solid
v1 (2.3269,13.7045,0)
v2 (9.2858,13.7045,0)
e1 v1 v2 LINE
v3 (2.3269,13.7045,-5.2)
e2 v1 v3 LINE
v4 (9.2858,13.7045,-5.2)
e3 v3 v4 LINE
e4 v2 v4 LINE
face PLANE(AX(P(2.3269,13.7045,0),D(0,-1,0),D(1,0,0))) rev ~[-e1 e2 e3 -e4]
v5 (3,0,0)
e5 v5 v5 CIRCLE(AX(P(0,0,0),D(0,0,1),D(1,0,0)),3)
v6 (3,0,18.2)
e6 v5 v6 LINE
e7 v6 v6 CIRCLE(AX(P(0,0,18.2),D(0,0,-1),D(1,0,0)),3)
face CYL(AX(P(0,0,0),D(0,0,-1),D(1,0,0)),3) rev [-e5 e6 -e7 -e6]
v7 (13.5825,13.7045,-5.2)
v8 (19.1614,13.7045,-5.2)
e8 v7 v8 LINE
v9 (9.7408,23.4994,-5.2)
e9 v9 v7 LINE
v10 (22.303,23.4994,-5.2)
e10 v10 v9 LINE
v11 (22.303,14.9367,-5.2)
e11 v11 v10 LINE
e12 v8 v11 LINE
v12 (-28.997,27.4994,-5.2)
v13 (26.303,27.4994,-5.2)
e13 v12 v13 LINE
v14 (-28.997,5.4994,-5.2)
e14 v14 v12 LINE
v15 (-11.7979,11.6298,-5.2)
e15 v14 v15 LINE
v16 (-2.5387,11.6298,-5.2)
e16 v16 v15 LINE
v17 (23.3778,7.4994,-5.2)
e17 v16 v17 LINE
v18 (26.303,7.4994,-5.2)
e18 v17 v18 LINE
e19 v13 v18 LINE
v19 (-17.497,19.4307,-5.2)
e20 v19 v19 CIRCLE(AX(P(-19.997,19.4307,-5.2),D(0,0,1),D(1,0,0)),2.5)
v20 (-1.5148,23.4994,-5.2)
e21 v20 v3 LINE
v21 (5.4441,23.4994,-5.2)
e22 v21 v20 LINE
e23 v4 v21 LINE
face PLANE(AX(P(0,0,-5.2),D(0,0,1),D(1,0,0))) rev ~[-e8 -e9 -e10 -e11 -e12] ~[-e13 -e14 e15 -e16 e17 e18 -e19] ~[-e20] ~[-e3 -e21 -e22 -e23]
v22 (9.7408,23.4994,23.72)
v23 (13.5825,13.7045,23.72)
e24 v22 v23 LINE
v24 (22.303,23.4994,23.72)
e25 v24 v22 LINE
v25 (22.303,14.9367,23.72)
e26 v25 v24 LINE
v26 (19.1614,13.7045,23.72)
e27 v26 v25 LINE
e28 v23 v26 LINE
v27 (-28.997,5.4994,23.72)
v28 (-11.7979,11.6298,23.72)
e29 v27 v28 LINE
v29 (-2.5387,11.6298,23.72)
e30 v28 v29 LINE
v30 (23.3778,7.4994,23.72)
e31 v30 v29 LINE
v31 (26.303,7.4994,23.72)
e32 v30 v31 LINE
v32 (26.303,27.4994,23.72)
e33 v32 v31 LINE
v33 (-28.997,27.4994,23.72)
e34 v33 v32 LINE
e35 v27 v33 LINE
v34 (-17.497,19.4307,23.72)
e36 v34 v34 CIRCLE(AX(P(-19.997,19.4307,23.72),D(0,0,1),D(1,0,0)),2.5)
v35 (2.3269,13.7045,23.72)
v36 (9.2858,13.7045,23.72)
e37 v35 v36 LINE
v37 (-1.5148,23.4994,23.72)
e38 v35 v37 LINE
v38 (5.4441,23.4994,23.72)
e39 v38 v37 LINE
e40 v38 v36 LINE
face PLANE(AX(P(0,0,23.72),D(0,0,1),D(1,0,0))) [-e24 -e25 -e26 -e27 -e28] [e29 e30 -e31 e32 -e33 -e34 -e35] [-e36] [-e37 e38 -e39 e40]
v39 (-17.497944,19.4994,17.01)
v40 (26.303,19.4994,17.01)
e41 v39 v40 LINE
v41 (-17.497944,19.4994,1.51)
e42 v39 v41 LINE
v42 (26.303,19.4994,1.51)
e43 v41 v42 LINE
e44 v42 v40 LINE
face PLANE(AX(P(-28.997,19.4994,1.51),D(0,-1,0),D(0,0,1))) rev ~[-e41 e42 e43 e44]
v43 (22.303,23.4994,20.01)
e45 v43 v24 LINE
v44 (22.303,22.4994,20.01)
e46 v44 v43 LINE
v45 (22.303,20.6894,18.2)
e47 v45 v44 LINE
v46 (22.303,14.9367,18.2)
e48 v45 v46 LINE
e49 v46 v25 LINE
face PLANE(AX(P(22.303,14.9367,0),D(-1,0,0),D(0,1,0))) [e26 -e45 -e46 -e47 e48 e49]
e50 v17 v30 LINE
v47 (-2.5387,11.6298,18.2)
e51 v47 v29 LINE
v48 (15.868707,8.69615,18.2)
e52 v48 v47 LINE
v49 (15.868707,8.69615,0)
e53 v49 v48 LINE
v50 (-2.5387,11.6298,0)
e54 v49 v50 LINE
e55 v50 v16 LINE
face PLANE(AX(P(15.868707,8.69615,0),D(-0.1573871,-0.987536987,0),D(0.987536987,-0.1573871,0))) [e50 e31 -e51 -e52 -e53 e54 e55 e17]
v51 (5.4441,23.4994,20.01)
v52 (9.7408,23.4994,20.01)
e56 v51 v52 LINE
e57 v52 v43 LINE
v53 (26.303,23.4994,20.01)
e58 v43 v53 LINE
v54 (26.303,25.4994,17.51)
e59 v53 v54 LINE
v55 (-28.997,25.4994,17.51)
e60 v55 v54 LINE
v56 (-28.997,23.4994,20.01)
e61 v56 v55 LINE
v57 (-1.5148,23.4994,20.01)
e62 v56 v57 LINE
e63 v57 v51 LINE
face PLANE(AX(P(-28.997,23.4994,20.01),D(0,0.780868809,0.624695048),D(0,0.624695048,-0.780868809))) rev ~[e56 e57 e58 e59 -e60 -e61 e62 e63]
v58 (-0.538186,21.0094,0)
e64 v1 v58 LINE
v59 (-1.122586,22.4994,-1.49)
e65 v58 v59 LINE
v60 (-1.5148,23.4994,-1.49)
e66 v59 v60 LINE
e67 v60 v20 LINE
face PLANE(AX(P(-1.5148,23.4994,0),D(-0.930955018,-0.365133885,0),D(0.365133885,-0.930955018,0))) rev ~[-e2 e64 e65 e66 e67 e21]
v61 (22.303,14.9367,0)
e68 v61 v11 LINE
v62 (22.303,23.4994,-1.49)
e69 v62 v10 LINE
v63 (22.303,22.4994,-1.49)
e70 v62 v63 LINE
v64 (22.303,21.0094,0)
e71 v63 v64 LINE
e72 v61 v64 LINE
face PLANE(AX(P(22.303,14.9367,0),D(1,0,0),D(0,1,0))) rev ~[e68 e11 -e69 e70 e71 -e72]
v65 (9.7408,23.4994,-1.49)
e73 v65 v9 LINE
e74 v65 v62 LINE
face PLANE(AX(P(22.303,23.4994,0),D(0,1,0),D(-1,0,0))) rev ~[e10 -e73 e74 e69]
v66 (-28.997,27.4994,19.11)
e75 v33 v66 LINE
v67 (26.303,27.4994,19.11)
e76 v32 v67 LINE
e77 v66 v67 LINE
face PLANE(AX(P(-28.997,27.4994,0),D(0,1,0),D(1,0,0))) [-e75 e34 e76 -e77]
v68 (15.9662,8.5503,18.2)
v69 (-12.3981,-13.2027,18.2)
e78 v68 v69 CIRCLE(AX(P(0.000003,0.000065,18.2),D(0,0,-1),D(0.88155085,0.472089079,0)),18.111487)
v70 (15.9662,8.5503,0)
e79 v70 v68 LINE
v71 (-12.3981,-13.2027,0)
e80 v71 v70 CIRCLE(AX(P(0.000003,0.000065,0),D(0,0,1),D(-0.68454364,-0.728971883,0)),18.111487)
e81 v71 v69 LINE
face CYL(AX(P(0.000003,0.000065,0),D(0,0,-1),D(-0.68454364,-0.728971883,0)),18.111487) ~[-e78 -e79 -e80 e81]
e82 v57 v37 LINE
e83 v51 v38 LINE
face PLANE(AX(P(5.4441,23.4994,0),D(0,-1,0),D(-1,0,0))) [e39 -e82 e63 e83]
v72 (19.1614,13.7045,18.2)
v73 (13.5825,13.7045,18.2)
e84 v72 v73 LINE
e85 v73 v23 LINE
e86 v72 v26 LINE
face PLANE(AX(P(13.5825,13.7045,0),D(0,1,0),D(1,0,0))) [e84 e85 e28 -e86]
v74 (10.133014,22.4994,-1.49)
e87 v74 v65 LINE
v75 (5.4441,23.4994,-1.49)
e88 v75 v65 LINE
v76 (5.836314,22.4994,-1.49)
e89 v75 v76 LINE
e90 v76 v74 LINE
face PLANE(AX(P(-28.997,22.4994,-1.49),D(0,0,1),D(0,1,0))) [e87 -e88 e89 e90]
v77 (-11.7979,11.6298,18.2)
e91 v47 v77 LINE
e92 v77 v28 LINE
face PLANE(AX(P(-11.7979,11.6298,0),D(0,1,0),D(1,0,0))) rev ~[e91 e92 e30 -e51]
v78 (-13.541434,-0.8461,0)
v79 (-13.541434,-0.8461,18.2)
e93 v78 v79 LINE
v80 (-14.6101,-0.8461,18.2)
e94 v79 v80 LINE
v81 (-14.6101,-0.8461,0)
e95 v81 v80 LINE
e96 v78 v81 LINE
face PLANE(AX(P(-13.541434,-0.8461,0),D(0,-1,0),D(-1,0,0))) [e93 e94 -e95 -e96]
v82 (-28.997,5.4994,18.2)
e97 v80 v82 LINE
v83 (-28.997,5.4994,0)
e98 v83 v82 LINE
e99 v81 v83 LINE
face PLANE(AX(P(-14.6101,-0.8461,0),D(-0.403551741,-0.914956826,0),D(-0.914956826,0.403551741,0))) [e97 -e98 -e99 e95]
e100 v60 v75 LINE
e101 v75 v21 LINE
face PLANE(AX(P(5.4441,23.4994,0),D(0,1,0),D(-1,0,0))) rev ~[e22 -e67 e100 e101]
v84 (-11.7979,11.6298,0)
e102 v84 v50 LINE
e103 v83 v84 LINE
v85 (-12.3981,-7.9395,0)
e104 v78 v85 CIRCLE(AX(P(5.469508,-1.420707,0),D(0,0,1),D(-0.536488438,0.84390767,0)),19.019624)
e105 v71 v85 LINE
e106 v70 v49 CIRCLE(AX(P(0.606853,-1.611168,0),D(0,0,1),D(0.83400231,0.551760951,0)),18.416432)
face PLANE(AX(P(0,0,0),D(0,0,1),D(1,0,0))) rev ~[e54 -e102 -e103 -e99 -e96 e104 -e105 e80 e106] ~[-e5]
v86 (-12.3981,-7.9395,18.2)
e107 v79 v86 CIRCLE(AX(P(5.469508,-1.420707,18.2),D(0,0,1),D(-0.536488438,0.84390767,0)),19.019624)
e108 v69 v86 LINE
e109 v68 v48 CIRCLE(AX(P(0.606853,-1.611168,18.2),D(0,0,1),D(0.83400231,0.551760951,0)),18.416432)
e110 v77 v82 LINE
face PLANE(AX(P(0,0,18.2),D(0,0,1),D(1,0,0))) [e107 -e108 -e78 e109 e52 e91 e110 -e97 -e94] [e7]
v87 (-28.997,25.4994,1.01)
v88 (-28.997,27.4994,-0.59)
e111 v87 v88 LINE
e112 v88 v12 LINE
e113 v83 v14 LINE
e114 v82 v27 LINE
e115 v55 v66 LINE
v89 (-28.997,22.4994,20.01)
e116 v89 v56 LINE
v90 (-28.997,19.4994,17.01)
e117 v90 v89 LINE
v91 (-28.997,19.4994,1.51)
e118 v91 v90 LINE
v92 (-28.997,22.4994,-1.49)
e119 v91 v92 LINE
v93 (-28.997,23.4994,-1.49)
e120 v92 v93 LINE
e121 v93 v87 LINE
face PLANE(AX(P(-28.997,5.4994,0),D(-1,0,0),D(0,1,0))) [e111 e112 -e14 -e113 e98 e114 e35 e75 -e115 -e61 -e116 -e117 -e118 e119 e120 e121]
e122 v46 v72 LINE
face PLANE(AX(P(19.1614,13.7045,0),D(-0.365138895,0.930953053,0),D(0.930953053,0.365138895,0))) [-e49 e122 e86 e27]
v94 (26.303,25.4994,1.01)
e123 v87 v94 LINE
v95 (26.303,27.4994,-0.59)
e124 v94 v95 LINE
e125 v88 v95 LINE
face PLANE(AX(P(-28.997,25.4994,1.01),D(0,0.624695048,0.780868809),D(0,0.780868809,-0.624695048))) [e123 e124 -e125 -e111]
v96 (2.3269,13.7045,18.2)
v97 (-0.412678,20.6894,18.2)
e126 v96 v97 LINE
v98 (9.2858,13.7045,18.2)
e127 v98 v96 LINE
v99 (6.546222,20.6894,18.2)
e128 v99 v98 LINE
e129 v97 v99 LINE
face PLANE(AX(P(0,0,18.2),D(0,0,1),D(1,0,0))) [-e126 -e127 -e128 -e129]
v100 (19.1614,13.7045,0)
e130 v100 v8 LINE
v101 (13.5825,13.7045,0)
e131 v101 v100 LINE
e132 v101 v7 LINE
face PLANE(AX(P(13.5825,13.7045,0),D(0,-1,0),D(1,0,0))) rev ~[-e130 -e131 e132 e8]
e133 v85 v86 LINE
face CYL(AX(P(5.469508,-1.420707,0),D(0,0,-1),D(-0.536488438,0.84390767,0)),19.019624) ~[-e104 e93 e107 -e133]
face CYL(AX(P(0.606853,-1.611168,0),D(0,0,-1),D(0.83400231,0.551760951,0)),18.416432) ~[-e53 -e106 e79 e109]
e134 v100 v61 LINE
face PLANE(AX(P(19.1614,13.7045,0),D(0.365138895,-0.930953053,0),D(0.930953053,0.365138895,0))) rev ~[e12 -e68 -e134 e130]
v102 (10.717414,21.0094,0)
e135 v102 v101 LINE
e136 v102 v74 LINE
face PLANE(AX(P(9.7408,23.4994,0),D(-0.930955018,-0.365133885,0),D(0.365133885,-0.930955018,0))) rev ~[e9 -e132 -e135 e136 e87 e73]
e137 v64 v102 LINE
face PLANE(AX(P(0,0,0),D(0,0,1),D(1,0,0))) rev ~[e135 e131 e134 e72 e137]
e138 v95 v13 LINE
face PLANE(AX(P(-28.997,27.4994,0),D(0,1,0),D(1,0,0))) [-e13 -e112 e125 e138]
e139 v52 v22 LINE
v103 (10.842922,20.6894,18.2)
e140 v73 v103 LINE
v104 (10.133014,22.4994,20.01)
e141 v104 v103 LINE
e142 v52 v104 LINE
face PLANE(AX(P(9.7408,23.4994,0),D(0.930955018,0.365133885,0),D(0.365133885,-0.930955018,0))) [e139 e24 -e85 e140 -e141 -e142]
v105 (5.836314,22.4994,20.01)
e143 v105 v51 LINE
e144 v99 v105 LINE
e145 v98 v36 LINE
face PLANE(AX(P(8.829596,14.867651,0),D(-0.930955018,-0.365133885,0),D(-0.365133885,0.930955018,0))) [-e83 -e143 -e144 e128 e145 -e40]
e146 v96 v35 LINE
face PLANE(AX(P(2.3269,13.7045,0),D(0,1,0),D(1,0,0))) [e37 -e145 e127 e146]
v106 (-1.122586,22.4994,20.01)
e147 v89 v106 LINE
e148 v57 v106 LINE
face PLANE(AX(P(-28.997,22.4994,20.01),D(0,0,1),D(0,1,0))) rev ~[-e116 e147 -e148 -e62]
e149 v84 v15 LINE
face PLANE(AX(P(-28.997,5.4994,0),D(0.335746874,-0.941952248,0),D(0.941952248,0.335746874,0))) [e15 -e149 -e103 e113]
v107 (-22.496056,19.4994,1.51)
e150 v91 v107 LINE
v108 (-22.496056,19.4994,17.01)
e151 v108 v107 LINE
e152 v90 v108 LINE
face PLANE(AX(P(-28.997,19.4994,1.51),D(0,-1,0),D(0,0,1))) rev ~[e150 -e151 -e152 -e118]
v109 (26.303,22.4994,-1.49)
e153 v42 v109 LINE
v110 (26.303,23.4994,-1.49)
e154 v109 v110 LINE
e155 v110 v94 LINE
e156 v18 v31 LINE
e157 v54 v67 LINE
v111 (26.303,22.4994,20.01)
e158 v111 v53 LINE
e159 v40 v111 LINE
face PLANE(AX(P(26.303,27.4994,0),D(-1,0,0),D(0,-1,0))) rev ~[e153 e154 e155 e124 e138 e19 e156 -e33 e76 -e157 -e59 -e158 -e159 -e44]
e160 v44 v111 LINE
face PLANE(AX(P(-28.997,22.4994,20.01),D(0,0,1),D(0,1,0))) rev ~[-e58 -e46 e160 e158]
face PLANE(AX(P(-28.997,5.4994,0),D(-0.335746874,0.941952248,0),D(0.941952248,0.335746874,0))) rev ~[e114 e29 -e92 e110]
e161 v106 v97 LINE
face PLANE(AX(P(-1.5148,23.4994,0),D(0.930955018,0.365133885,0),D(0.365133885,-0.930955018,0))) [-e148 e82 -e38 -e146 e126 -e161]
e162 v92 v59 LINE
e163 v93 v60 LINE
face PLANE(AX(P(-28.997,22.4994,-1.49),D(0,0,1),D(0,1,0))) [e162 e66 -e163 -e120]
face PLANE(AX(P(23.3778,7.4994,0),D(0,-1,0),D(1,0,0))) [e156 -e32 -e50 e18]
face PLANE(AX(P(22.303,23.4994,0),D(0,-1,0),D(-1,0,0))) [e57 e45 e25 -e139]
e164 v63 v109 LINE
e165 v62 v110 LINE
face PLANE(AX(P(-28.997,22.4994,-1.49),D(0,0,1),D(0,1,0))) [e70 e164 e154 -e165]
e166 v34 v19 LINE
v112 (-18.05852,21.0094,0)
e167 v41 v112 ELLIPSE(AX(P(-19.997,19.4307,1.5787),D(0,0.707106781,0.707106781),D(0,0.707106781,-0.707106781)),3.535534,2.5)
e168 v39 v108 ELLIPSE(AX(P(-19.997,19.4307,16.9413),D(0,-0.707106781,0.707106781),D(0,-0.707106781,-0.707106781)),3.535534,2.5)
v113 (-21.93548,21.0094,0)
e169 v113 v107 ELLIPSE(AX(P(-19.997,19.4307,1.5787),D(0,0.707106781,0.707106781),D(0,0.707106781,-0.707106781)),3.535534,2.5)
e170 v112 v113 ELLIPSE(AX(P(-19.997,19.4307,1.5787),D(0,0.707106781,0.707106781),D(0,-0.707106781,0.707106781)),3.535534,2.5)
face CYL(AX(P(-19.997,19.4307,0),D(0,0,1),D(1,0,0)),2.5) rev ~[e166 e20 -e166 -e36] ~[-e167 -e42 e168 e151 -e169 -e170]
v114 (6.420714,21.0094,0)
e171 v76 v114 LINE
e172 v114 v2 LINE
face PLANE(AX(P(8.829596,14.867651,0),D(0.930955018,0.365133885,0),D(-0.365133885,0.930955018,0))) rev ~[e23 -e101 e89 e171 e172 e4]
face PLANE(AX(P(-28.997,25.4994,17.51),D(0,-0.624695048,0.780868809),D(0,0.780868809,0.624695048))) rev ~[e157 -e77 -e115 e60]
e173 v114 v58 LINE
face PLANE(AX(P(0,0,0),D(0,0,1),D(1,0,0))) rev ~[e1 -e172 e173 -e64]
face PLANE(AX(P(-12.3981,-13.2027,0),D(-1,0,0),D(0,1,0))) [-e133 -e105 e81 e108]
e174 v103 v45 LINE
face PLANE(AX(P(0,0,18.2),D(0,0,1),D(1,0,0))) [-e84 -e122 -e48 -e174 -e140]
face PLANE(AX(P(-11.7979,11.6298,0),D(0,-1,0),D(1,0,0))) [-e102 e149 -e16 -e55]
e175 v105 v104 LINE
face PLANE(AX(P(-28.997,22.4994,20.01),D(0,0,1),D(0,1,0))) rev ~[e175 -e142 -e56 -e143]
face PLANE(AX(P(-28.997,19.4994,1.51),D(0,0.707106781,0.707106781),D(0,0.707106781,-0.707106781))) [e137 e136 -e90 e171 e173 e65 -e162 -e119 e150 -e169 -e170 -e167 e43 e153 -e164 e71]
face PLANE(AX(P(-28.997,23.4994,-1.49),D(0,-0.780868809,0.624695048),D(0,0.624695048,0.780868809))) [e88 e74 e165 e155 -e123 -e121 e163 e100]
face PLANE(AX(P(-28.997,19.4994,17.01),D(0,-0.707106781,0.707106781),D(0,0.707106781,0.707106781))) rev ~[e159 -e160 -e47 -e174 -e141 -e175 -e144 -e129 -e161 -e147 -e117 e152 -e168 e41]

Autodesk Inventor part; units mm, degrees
ref_plane "YZ Plane" through (0, 0, 0) normal (1, 0, 0) x (0, 1, 0)
ref_plane "XZ Plane" through (0, 0, 0) normal (0, 1, 0) x (-1, 0, 0)
ref_plane "XY Plane" through (0, 0, 0) normal (0, 0, 1) x (1, 0, 0)
sketch "Base" plane through (0, 0, 0) normal (0, 0, 1) x (1, 0, 0)
  line L0 (-12.3981, -13.2027) -> (-12.3981, -7.9395)
  arc A0 (-12.3981, -13.2027) -> (15.9662, 8.5503) centre (0, 0) ccw
  arc A1 (15.9662, 8.5503) -> (5.3507, 16.1838) centre (0.6063, -1.6117) ccw
  arc A2 (5.3507, 16.1838) -> (-4.7343, 14.6301) centre (2.0791, 3.9125) ccw
  arc A3 (-4.7343, 14.6301) -> (-12.3981, -7.9395) centre (5.4695, -1.4207) ccw
  circle A4 centre (0, 0) radius 3
  circle A5 centre (0, 0) radius 3
  circle A6 centre (0, 0) radius 13.497 construction
  line L1 (-28.997, 27.4994) -> (26.303, 27.4994)
  line L2 (4.8764, -0.8461) -> (-14.6101, -0.8461)
  line L3 (-14.6101, -0.8461) -> (-28.997, 5.4994)
  line L4 (-28.997, 5.4994) -> (-28.997, 27.4994)
  line L5 (-28.997, 5.4994) -> (-11.7979, 11.6298)
  line L6 (-11.7979, 11.6298) -> (-2.5387, 11.6298)
  line L7 (-2.5387, 11.6298) -> (23.3778, 7.4994)
  line L8 (23.3778, 7.4994) -> (26.303, 7.4994)
  line L9 (26.303, 27.4994) -> (26.303, 7.4994)
  line L10 (4.8764, -0.8461) -> (26.303, 7.4994)
  line L11 (22.303, 23.4994) -> (9.7408, 23.4994)
  line L12 (9.7408, 23.4994) -> (13.5825, 13.7045)
  line L13 (13.5825, 13.7045) -> (19.1614, 13.7045)
  line L14 (19.1614, 13.7045) -> (22.303, 14.9367)
  line L15 (22.303, 14.9367) -> (22.303, 23.4994)
  line L16 (5.4441, 23.4994) -> (-1.5148, 23.4994)
  line L17 (-1.5148, 23.4994) -> (2.3269, 13.7045)
  line L18 (2.3269, 13.7045) -> (9.2858, 13.7045)
  line L19 (9.2858, 13.7045) -> (5.4441, 23.4994)
  circle A7 centre (-19.997, 19.4307) radius 2.5
  arc A8 (-4.7343, 14.6301) -> (-12.3981, -7.9395) centre (5.4695, -1.4207) ccw
  line L20 (-13.497, 0) -> (-13.497, -16.2978) construction
  point P0 (11.7017, -28.7626)
  point P1 (-13.5415, -0.8461)
  point P2 (15.8686, 8.6961)
  point P3 (-2.8782, -0.8461)
  point P4 (2.8782, -0.8461)
  point P5 (17.6358, 4.1236)
  dimension "d0" = 22
  dimension "d1" = 20
  dimension "d2" = 5
  dimension "d3" = 9
  dimension "d4" = 4
  dimension "d5" = 4
  dimension "d6" = 4
  dimension "d7" = 55.3
  dimension "d8" = 15.5
extrude "BaseFeature" add sketch "Base" along normal blind 18.2 contours L0 A3 L2 A4 L10 A0 | L10 L2 A4 A3 L6 L7 A1 A0 | L2 L3 L5 L6 A3 | L8 L7 A1 L19 L16 L17 A2 A3 L6 L5 L4 L1 L9 | A3 A2 L17 L18 L19 A1 L7 L6 | L19 L18 L17 A2 A1 | A1 A2 L17 L16 L19 | L15 L14 L13 L12 L11
extrude "ExtendFeature" add sketch "Base" along normal blind 23.72 contours L8 L7 A1 L19 L16 L17 A2 A3 L6 L5 L4 L1 L9 | A3 A2 L17 L18 L19 A1 L7 L6
extrude "Extend2Feature" add sketch "Base" against normal blind 5.2 contours L8 L7 A1 L19 L16 L17 A2 A3 L6 L5 L4 L1 L9 | A3 A2 L17 L18 L19 A1 L7 L6
sketch "PicatinnyRail" plane through (-28.997, 5.4994, 23.72) normal (-1, 0, 0) x (0, 0, 1)
  line L0 (-23.72, 0) -> (-5.52, 0) projected
  line L1 (-5.52, 0) -> (0, 0) projected
  line L2 (0, 22) -> (0, 0) projected
  line L3 (-28.92, 22) -> (0, 22) construction
  line L4 (-28.92, 0) -> (-28.92, 22) projected
  line L5 (-23.72, 0) -> (-28.92, 0) projected
  line L6 (-22.21, 14) -> (-6.71, 14)
  line L7 (-14.46, 14) -> (-14.46, 22) construction
  line L8 (-28.92, 22) -> (0, 22) construction
  line L9 (-28.92, 22) -> (0, 22) construction
  line L10 (-6.71, 14) -> (-3.71, 14) construction
  line L11 (0, 18) -> (0, 8.2052) projected
  line L12 (-22.21, 14) -> (-25.21, 14) construction
  line L13 (-3.71, 14) -> (-3.71, 17) construction
  line L14 (-25.21, 14) -> (-25.21, 17) construction
  line L15 (-23.72, 18) -> (-28.92, 18) projected
  line L16 (-6.71, 14) -> (-3.71, 17)
  line L17 (-22.21, 14) -> (-25.21, 17)
  line L18 (-3.71, 17) -> (-25.21, 17) construction
  line L19 (-3.71, 17) -> (-3.71, 18)
  line L20 (-25.21, 17) -> (-25.21, 18)
  line L21 (-3.71, 18) -> (-6.21, 20)
  line L22 (-3.71, 18) -> (-3.71, 20) construction
  line L23 (-3.71, 20) -> (-6.21, 20) construction
  line L24 (-6.21, 20) -> (-4.61, 22)
  line L25 (-25.21, 18) -> (-22.71, 20)
  line L26 (-22.71, 20) -> (-24.31, 22)
  line L27 (-24.31, 22) -> (-4.61, 22)
  point P0 (-23.72, -5.4994)
  dimension "d15" = 15.5
  dimension "d16" = 3
  dimension "d17" = 3
  dimension "d18" = 3
  dimension "d19" = 1
  dimension "d20" = 2
  dimension "d21" = 2.5
  dimension "d22" = 2
  dimension "d23" = 38.66
  dimension "d24" = 38.66
extrude "PicatinnyRailCut" cut sketch "PicatinnyRail" against normal through all
ref_plane "MidPlane" through (0, 0, 9.26) normal (0, 0, 1) x (1, 0, 0)
equation "\"d24\" = d23"
properties part number "SideHandleBase"
